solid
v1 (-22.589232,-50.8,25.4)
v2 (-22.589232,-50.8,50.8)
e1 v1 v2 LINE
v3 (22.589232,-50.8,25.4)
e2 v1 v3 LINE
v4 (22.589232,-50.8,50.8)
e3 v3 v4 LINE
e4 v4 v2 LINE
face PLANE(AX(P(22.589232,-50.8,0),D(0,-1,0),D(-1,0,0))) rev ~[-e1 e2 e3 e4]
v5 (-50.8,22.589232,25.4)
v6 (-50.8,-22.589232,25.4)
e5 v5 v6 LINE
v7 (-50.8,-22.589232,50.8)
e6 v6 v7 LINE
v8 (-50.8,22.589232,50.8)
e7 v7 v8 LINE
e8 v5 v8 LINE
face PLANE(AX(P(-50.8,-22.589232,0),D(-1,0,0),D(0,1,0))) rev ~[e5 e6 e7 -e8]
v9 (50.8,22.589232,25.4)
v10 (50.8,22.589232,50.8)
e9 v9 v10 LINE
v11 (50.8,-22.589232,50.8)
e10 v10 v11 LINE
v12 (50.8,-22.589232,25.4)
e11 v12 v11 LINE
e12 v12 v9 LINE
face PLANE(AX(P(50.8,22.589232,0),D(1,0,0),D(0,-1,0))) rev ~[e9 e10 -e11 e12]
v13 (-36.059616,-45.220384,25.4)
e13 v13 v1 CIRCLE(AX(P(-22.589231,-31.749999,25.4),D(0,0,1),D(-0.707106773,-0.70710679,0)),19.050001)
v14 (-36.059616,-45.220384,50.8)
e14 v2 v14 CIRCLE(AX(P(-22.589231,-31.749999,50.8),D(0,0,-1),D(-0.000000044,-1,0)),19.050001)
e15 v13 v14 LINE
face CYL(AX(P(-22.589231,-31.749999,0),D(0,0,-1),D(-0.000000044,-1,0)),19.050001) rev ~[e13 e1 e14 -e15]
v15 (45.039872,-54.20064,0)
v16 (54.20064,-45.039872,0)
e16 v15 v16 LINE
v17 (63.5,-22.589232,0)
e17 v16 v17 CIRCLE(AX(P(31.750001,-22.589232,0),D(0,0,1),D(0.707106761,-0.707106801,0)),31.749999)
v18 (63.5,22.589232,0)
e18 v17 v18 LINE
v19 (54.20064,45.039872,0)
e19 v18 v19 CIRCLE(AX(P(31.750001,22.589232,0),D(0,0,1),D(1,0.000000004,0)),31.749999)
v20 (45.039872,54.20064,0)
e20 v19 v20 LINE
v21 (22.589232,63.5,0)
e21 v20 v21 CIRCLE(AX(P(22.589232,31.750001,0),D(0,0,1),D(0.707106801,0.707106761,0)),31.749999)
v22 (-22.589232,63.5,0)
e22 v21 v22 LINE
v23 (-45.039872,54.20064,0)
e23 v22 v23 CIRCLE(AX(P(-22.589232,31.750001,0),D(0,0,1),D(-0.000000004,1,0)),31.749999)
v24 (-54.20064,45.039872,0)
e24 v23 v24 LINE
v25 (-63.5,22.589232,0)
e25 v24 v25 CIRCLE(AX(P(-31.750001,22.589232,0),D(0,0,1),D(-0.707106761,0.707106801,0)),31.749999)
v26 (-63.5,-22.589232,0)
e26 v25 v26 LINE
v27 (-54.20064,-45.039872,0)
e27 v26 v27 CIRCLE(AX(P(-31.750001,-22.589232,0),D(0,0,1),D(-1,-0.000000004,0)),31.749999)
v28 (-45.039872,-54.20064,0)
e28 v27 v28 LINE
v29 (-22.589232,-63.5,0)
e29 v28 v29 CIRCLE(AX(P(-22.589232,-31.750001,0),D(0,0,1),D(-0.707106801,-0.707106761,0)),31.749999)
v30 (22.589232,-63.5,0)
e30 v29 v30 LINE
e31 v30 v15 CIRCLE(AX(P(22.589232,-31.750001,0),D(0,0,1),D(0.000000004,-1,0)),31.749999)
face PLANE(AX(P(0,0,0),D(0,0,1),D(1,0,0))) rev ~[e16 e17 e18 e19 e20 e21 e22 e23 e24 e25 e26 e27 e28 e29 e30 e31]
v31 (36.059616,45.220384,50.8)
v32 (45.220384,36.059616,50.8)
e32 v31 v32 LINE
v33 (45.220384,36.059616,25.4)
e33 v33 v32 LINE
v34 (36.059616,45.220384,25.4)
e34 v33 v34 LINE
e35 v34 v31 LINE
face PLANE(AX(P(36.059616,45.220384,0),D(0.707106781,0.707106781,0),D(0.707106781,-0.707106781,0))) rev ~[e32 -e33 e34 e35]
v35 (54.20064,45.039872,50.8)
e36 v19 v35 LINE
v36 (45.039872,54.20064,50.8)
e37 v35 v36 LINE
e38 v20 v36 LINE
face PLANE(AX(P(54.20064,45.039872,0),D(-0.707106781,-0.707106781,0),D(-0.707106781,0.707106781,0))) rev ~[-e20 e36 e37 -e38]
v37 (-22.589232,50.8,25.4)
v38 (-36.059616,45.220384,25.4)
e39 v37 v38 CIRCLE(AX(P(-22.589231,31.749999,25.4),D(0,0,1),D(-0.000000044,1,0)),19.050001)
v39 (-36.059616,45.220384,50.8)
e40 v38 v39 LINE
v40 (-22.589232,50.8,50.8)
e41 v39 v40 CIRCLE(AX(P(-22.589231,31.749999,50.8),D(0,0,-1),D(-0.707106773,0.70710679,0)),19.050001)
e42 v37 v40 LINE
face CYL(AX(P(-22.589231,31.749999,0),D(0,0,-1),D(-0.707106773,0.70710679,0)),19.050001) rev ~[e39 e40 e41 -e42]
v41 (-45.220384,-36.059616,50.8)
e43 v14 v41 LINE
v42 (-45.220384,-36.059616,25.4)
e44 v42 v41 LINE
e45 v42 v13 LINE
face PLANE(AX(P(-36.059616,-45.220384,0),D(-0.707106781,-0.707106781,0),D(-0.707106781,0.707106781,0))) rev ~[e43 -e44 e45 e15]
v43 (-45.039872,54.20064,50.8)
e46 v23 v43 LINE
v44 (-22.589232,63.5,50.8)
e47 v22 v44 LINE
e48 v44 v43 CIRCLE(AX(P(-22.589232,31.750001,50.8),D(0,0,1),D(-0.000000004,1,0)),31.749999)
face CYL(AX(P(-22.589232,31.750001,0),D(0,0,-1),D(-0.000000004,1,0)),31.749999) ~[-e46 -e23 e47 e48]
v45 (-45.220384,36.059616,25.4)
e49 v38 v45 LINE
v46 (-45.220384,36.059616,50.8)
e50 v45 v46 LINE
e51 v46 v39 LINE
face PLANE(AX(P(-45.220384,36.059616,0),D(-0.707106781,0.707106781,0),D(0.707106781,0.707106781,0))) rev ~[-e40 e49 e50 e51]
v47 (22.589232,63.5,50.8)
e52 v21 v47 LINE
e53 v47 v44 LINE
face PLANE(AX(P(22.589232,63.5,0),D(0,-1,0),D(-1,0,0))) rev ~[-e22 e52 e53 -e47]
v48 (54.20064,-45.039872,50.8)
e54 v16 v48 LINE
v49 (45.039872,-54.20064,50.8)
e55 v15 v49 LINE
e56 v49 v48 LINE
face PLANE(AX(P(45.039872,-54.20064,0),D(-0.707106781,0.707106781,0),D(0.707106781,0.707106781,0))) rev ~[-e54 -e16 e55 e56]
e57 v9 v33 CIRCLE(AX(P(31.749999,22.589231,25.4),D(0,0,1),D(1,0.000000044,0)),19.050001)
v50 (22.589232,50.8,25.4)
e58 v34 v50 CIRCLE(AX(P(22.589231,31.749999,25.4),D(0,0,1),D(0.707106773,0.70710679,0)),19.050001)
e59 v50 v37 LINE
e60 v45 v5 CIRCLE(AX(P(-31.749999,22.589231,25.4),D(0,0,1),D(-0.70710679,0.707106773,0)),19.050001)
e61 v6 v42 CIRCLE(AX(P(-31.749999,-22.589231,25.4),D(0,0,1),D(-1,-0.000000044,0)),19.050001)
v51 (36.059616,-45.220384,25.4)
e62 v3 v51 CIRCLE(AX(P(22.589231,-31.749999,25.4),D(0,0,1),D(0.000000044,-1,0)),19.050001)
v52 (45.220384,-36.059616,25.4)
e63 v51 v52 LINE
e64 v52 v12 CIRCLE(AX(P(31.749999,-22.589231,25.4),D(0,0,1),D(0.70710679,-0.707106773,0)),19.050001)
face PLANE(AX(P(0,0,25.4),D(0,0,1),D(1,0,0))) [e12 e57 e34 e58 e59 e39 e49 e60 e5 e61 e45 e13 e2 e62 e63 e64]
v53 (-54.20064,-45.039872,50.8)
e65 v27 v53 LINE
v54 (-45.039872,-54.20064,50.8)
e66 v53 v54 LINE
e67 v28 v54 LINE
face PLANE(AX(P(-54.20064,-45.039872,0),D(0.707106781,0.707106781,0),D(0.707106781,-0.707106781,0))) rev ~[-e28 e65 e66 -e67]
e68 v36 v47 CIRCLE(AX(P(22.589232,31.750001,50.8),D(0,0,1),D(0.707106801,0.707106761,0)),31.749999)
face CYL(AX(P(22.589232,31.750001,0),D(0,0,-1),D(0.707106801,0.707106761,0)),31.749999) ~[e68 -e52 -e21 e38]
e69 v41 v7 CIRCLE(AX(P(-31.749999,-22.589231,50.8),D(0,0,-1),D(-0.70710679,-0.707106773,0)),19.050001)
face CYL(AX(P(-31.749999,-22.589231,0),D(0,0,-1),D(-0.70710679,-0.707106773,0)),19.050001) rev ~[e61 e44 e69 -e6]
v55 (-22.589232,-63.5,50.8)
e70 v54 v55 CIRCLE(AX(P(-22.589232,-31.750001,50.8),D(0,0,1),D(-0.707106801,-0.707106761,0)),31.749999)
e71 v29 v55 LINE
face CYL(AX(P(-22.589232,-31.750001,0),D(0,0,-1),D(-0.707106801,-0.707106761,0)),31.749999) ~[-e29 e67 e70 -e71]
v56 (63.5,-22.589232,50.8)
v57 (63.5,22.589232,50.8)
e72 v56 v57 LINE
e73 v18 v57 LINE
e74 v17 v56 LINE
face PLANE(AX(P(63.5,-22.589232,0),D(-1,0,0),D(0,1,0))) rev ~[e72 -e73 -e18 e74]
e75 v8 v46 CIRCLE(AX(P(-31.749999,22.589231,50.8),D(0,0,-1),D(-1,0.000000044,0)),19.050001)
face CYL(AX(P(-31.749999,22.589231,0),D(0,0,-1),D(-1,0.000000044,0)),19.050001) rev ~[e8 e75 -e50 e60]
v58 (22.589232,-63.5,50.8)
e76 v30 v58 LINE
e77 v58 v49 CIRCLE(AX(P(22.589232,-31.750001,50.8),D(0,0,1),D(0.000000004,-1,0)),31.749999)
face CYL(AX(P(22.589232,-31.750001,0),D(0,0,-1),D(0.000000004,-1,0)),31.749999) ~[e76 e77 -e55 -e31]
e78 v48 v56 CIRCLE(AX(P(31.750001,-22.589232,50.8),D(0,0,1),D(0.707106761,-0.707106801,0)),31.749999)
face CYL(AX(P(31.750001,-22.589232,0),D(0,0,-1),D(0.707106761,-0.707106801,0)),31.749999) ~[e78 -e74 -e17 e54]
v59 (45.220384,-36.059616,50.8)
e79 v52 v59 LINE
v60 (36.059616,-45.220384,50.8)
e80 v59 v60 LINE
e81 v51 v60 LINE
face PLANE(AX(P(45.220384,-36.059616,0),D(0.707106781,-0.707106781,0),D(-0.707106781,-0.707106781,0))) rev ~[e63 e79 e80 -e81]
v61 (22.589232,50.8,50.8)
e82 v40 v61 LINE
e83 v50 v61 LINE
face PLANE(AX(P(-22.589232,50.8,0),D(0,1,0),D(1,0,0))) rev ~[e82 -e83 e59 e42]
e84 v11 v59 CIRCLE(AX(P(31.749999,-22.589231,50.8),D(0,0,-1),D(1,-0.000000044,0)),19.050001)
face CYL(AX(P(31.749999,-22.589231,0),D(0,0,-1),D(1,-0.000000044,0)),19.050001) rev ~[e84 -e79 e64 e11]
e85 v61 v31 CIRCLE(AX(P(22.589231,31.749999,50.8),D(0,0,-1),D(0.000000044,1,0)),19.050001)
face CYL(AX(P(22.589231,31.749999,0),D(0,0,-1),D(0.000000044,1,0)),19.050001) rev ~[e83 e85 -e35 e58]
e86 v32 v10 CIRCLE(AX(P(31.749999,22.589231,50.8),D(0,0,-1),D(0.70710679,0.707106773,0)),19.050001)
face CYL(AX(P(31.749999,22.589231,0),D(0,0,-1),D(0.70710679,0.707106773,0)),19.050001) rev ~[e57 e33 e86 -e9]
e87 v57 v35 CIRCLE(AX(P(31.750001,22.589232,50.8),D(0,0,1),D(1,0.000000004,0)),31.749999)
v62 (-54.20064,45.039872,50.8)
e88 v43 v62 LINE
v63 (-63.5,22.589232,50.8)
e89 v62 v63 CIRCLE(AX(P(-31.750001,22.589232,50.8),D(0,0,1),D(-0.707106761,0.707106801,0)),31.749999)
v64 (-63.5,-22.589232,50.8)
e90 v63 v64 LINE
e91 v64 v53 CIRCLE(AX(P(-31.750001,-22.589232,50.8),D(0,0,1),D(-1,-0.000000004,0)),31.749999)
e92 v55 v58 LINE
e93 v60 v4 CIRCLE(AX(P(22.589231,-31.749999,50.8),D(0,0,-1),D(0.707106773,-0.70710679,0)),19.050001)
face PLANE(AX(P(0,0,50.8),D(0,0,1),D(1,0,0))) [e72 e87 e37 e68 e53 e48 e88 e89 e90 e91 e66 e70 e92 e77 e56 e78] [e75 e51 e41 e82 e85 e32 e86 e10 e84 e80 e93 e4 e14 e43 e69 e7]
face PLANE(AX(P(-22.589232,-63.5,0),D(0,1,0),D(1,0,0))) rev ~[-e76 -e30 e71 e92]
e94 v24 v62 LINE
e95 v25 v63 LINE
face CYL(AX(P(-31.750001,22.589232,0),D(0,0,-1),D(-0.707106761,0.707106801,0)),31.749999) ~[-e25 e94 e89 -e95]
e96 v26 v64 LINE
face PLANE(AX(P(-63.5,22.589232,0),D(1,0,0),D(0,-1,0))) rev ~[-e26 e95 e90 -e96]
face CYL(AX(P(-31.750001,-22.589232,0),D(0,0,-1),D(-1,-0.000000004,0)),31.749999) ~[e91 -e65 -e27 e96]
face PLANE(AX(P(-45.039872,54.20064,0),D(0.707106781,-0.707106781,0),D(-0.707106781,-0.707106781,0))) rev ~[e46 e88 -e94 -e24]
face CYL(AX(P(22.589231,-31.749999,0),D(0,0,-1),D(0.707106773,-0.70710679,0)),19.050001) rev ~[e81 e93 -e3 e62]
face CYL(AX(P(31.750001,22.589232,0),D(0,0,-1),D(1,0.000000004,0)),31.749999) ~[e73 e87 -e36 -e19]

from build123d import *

# Parameters (mm, degrees)
F1_DEPTH = 25.4
F2_DEPTH = 50.8


with BuildPart() as f1:
    # F0 (on Top) → F1 (new body)
    with BuildSketch(Plane.XY):
        with BuildLine():
            Line((-22.589232, -50.8), (0, -50.8))
            Line((0, -50.8), (22.589232, -50.8))
            ThreePointArc((22.589232, -50.8), (29.879351, -49.349905), (36.059616, -45.220384))
            Line((36.059616, -45.220384), (45.220384, -36.059616))
            ThreePointArc((45.220384, -36.059616), (49.349905, -29.879351), (50.8, -22.589232))
            Line((50.8, -22.589232), (50.8, 0))
            Line((50.8, 0), (50.8, 22.589232))
            ThreePointArc((50.8, 22.589232), (49.349905, 29.879351), (45.220384, 36.059616))
            Line((45.220384, 36.059616), (36.059616, 45.220384))
            ThreePointArc((36.059616, 45.220384), (29.879351, 49.349905), (22.589232, 50.8))
            Line((22.589232, 50.8), (0, 50.8))
            Line((0, 50.8), (-22.589232, 50.8))
            ThreePointArc((-22.589232, 50.8), (-29.879351, 49.349905), (-36.059616, 45.220384))
            Line((-36.059616, 45.220384), (-45.220384, 36.059616))
            ThreePointArc((-45.220384, 36.059616), (-49.349905, 29.879351), (-50.8, 22.589232))
            Line((-50.8, 22.589232), (-50.8, 0))
            Line((-50.8, 0), (-50.8, -22.589232))
            ThreePointArc((-50.8, -22.589232), (-49.349905, -29.879351), (-45.220384, -36.059616))
            Line((-45.220384, -36.059616), (-36.059616, -45.220384))
            ThreePointArc((-36.059616, -45.220384), (-29.879351, -49.349905), (-22.589232, -50.8))
        make_face()
    extrude(amount=F1_DEPTH)

    # F0 (on Top) → F2 (join)
    with BuildSketch(Plane.XY):
        with BuildLine():
            ThreePointArc((54.20064, -45.039872), (61.083175, -34.739431), (63.5, -22.589232))
            Line((63.5, -22.589232), (63.5, 0))
            Line((63.5, 0), (63.5, 22.589232))
            ThreePointArc((63.5, 22.589232), (61.083175, 34.739431), (54.20064, 45.039872))
            Line((54.20064, 45.039872), (45.039872, 54.20064))
            ThreePointArc((45.039872, 54.20064), (34.739431, 61.083175), (22.589232, 63.5))
            Line((22.589232, 63.5), (0, 63.5))
            Line((0, 63.5), (-22.589232, 63.5))
            ThreePointArc((-22.589232, 63.5), (-34.739431, 61.083175), (-45.039872, 54.20064))
            Line((-45.039872, 54.20064), (-54.20064, 45.039872))
            ThreePointArc((-54.20064, 45.039872), (-61.083175, 34.739431), (-63.5, 22.589232))
            Line((-63.5, 22.589232), (-63.5, 0))
            Line((-63.5, 0), (-63.5, -22.589232))
            ThreePointArc((-63.5, -22.589232), (-61.083175, -34.739431), (-54.20064, -45.039872))
            Line((-54.20064, -45.039872), (-45.039872, -54.20064))
            ThreePointArc((-45.039872, -54.20064), (-34.739431, -61.083175), (-22.589232, -63.5))
            Line((-22.589232, -63.5), (0, -63.5))
            Line((0, -63.5), (22.589232, -63.5))
            ThreePointArc((22.589232, -63.5), (34.739431, -61.083175), (45.039872, -54.20064))
            Line((45.039872, -54.20064), (54.20064, -45.039872))
        make_face()
        with BuildLine():
            Line((22.589232, -50.8), (0, -50.8))
            Line((0, -50.8), (-22.589232, -50.8))
            ThreePointArc((-22.589232, -50.8), (-29.879351, -49.349905), (-36.059616, -45.220384))
            Line((-36.059616, -45.220384), (-45.220384, -36.059616))
            ThreePointArc((-45.220384, -36.059616), (-49.349905, -29.879351), (-50.8, -22.589232))
            Line((-50.8, -22.589232), (-50.8, 0))
            Line((-50.8, 0), (-50.8, 22.589232))
            ThreePointArc((-50.8, 22.589232), (-49.349905, 29.879351), (-45.220384, 36.059616))
            Line((-45.220384, 36.059616), (-36.059616, 45.220384))
            ThreePointArc((-36.059616, 45.220384), (-29.879351, 49.349905), (-22.589232, 50.8))
            Line((-22.589232, 50.8), (0, 50.8))
            Line((0, 50.8), (22.589232, 50.8))
            ThreePointArc((22.589232, 50.8), (29.879351, 49.349905), (36.059616, 45.220384))
            Line((36.059616, 45.220384), (45.220384, 36.059616))
            ThreePointArc((45.220384, 36.059616), (49.349905, 29.879351), (50.8, 22.589232))
            Line((50.8, 22.589232), (50.8, 0))
            Line((50.8, 0), (50.8, -22.589232))
            ThreePointArc((50.8, -22.589232), (49.349905, -29.879351), (45.220384, -36.059616))
            Line((45.220384, -36.059616), (36.059616, -45.220384))
            ThreePointArc((36.059616, -45.220384), (29.879351, -49.349905), (22.589232, -50.8))
        make_face(mode=Mode.SUBTRACT)
    extrude(amount=F2_DEPTH)


solid = f1.part
